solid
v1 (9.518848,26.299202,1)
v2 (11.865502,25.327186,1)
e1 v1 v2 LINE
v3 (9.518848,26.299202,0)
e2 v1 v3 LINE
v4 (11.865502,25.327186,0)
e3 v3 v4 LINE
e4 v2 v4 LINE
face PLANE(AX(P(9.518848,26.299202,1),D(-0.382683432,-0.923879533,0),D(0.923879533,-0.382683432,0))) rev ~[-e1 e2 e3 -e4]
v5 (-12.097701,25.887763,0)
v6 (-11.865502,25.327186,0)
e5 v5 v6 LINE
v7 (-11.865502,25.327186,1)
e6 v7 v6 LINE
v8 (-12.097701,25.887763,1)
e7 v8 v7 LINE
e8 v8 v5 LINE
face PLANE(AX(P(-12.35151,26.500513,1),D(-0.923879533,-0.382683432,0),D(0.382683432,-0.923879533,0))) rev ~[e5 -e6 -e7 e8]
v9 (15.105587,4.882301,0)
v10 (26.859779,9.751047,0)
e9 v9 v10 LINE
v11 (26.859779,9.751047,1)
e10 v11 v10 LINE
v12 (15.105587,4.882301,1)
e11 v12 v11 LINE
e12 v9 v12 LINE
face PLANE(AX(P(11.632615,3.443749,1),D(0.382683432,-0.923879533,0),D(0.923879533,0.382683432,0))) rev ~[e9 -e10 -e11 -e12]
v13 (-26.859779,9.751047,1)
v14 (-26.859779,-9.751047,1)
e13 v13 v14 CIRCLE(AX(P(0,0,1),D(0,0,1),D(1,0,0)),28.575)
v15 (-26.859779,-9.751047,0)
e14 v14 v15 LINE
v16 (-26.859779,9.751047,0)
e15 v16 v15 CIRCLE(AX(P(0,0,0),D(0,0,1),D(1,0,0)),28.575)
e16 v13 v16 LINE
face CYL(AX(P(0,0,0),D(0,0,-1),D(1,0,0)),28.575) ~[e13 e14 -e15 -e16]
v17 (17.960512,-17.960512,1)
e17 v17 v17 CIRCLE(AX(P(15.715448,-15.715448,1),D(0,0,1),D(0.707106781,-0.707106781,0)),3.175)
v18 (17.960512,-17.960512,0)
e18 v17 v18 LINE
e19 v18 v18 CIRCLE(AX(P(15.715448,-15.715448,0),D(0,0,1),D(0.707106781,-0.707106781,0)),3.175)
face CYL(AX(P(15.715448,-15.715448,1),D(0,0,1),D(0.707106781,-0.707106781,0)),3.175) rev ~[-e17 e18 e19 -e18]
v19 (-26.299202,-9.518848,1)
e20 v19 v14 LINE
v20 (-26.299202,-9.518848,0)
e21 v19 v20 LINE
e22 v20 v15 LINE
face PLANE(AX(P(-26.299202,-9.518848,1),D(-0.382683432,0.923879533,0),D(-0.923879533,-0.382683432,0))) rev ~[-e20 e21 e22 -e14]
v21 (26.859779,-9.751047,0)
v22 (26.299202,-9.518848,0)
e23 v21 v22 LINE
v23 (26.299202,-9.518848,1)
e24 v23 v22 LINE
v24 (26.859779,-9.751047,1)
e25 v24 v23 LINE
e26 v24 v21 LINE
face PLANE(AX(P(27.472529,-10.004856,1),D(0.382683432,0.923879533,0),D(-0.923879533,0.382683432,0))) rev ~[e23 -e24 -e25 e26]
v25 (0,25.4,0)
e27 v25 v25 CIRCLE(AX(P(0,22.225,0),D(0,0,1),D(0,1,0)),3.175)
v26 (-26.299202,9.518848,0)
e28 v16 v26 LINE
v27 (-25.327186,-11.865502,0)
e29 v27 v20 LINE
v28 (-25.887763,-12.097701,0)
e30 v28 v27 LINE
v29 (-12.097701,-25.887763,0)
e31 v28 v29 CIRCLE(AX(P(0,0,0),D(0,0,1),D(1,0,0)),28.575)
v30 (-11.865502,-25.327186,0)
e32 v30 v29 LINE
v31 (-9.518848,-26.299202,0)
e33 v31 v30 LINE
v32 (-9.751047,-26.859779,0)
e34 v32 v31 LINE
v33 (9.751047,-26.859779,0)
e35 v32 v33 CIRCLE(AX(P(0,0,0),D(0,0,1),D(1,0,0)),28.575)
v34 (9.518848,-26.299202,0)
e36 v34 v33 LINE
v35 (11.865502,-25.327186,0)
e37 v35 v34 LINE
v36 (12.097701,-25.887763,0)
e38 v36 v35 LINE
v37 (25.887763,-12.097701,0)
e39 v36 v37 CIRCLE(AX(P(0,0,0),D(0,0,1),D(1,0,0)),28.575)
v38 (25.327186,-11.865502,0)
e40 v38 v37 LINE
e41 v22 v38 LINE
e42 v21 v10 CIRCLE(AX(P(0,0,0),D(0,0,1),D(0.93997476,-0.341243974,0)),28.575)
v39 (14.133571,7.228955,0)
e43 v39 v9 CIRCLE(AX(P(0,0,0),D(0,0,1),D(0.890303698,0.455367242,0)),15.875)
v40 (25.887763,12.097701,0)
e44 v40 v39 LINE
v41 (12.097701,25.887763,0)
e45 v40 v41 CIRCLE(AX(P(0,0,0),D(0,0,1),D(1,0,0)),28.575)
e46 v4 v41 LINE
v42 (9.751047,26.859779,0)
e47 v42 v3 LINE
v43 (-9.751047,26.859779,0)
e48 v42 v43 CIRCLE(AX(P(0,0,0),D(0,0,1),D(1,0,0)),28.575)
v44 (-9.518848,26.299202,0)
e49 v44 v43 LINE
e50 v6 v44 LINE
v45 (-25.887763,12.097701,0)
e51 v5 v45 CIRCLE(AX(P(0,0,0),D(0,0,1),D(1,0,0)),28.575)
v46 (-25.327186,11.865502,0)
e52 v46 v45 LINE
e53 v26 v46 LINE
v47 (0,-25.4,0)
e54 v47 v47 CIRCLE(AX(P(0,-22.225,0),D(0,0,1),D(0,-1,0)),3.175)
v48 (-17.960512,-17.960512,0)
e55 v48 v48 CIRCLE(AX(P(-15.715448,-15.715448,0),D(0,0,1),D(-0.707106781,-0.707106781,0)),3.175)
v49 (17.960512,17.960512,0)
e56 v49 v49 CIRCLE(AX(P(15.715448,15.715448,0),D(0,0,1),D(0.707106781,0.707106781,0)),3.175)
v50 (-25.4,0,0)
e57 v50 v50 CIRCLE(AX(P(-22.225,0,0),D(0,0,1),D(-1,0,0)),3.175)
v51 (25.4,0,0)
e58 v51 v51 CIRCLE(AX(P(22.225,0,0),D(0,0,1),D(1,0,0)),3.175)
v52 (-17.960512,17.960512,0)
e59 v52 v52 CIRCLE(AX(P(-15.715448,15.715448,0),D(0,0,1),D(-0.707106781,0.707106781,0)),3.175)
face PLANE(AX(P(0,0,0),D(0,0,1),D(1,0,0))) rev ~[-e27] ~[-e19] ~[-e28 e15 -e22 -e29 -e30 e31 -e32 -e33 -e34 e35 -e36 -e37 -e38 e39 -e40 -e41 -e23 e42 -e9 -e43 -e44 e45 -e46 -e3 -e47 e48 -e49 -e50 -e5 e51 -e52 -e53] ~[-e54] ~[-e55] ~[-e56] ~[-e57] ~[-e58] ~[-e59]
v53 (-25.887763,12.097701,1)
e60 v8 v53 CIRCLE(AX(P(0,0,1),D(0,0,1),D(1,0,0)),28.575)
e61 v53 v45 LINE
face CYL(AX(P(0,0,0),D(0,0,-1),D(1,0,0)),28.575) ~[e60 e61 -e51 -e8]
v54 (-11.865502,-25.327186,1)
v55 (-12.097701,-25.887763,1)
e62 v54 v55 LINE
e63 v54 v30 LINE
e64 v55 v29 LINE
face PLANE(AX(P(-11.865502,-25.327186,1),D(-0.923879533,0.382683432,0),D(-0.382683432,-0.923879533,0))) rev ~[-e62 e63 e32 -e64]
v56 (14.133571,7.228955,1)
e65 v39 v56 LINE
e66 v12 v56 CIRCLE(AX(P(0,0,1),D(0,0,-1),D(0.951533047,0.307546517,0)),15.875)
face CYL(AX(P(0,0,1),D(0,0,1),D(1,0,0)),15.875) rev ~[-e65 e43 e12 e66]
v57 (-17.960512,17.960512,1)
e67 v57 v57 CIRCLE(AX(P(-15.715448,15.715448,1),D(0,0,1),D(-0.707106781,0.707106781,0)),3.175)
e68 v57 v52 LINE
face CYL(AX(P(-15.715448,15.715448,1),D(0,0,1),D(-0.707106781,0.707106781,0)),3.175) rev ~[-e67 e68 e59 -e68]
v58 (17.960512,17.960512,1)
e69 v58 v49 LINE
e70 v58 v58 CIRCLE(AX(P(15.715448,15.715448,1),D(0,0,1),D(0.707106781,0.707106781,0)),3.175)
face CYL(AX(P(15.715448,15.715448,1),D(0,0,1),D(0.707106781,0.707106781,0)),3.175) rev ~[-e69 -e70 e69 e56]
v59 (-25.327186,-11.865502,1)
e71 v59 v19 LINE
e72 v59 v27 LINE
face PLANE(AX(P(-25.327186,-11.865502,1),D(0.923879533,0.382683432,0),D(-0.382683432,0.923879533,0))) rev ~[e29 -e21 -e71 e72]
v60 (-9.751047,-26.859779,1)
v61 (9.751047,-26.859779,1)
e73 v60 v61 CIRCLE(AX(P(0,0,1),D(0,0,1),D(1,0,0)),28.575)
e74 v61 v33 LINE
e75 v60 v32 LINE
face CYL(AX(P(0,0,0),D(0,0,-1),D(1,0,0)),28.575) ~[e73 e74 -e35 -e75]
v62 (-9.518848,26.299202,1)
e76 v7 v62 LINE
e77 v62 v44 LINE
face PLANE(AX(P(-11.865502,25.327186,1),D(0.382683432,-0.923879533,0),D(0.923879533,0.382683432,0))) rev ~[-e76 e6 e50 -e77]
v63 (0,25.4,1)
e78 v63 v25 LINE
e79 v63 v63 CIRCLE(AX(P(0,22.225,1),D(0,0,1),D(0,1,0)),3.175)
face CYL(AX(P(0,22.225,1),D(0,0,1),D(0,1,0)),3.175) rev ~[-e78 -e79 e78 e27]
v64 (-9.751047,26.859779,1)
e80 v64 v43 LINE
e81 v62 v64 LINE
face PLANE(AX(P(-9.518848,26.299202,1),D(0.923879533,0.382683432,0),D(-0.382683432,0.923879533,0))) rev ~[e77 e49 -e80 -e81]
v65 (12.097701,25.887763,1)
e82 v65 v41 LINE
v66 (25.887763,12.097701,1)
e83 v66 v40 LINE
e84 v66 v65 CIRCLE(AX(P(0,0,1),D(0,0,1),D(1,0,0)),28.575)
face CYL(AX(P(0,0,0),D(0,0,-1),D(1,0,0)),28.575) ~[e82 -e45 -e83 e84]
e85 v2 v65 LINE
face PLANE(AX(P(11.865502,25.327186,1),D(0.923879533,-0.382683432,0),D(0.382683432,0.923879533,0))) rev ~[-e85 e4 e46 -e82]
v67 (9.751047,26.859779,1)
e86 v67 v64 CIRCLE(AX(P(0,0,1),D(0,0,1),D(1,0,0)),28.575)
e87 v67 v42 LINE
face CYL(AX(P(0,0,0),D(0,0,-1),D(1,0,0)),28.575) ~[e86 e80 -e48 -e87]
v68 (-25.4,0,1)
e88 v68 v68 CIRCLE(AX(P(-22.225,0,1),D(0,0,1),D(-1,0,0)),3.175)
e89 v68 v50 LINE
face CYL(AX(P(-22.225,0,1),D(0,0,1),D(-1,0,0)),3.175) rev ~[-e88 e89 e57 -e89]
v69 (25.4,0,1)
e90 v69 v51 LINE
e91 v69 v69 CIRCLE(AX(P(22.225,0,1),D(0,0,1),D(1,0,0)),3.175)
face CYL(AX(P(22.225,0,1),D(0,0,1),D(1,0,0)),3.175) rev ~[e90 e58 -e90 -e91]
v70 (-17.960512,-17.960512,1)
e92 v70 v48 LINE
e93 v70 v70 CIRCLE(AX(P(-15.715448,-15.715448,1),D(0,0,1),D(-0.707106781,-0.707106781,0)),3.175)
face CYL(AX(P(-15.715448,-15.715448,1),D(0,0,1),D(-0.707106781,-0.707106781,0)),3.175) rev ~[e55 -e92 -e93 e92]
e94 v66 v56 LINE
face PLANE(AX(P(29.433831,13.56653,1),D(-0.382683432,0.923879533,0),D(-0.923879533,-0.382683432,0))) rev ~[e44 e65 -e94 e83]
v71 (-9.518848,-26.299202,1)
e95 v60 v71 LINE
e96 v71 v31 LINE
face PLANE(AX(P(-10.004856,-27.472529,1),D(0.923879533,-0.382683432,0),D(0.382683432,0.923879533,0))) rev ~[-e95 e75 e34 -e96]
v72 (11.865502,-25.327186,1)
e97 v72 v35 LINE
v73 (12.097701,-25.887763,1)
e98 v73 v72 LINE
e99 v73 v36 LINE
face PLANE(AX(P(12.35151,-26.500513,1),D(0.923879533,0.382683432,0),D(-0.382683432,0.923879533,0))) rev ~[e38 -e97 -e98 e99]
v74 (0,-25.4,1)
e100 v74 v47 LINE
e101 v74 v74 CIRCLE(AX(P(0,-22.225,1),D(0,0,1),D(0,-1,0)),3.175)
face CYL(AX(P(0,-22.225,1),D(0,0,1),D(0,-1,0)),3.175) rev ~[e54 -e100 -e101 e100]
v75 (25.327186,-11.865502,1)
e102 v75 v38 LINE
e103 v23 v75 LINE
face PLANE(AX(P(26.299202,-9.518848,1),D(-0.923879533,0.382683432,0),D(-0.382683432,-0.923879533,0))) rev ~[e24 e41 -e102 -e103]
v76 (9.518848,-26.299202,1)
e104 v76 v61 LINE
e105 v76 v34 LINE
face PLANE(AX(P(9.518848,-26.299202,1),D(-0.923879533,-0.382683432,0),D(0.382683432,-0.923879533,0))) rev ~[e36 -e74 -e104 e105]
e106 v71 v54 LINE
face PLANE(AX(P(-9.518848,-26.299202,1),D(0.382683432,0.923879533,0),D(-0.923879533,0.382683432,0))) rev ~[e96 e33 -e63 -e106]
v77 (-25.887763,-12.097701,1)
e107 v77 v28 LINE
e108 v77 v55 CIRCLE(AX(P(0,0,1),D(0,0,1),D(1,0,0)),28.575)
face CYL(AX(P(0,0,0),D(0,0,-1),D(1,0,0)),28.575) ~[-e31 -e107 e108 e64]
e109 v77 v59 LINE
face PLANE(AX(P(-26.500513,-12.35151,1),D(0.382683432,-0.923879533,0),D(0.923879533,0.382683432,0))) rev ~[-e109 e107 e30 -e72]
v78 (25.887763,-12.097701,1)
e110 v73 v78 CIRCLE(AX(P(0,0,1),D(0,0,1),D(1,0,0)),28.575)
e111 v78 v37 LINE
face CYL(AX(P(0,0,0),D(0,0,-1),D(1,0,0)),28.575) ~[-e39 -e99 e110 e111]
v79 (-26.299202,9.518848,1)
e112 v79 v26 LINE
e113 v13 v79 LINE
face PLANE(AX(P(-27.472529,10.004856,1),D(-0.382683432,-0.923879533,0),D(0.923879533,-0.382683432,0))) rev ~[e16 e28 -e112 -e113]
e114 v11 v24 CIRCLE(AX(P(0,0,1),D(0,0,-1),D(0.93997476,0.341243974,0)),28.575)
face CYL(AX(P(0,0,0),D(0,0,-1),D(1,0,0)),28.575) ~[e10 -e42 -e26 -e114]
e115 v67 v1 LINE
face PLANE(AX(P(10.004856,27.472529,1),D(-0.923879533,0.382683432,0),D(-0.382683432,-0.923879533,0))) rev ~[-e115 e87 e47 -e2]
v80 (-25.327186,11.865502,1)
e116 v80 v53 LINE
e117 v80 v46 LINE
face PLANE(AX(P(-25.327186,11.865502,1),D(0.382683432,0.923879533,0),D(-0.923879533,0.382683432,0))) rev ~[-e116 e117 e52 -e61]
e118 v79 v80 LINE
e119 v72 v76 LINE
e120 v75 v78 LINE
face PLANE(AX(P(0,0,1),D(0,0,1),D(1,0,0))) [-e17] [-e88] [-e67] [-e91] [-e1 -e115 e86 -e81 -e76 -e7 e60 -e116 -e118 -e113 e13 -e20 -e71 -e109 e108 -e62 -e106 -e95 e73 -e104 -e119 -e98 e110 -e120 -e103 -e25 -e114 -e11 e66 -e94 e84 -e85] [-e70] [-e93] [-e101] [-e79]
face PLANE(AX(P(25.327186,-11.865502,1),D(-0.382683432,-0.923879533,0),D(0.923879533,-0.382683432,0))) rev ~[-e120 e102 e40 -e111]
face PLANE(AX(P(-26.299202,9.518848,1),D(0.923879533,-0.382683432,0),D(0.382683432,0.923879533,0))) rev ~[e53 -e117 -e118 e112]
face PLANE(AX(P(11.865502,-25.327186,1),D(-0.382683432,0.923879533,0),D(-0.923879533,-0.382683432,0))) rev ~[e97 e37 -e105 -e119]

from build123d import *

# Parameters (mm, degrees)
SKETCH4_R           = 28.575
BOSS_EXTRUDE2_DEPTH = 1
SKETCH5_R           = 15.875
CUT_EXTRUDE5_DEPTH  = 2
SKETCH6_R           = 3.175
CUT_EXTRUDE6_DEPTH  = 2
CIRPATTERN1_COUNT   = 8
CUT_EXTRUDE11_DEPTH = 2


with BuildPart() as part:
    # Sketch4 → Boss-Extrude2 (new body)
    with BuildSketch(Plane.XY):
        Circle(SKETCH4_R)
    extrude(amount=BOSS_EXTRUDE2_DEPTH)

    # Sketch5 → Cut-Extrude5 (cut, through all)
    with BuildSketch(Plane.XY.offset(1)):
        Circle(SKETCH5_R)
    extrude(amount=-CUT_EXTRUDE5_DEPTH, mode=Mode.SUBTRACT)

    # Sketch6 → Cut-Extrude6 (cut, through all)
    with BuildSketch(Plane.XY.offset(1)):
        with Locations((22.225, 0)):
            Circle(SKETCH6_R)
    cut_extrude6 = extrude(amount=-CUT_EXTRUDE6_DEPTH, mode=Mode.SUBTRACT)

    # CirPattern1: Cut-Extrude6 ×8 about axis
    cirpattern1_axis = Axis((0, 0, 0), (0, 0, 1))
    for i in range(1, CIRPATTERN1_COUNT):
        add(cut_extrude6.rotate(cirpattern1_axis, i * 360 / CIRPATTERN1_COUNT), mode=Mode.SUBTRACT)

    # Sketch8 → Cut-Extrude11 (cut, through all)
    with BuildSketch(Plane.XY.offset(1)):
        Polygon((29.433830701, 13.566529963), (10.660598601, 5.790402618), (11.632614519, 3.443748605), (30.405846619, 11.219875951), align=None)
        Polygon((12.351510066, 26.500513186), (10.004856053, 27.472529104), (9.518848094, 26.299202097), (11.865502107, 25.327186179), align=None)
        Polygon((-10.004856053, 27.472529104), (-12.351510066, 26.500513186), (-11.865502107, 25.327186179), (-9.518848094, 26.299202097), align=None)
        Polygon((-26.500513186, 12.351510066), (-27.472529104, 10.004856053), (-26.299202097, 9.518848094), (-25.327186179, 11.865502107), align=None)
        Polygon((-27.472529104, -10.004856053), (-26.500513186, -12.351510066), (-25.327186179, -11.865502107), (-26.299202097, -9.518848094), align=None)
        Polygon((-12.351510066, -26.500513186), (-10.004856053, -27.472529104), (-9.518848094, -26.299202097), (-11.865502107, -25.327186179), align=None)
        Polygon((10.004856053, -27.472529104), (12.351510066, -26.500513186), (11.865502107, -25.327186179), (9.518848094, -26.299202097), align=None)
        Polygon((26.500513186, -12.351510066), (27.472529104, -10.004856053), (26.299202097, -9.518848094), (25.327186179, -11.865502107), align=None)
    extrude(amount=-CUT_EXTRUDE11_DEPTH, mode=Mode.SUBTRACT)


solid = part.part
